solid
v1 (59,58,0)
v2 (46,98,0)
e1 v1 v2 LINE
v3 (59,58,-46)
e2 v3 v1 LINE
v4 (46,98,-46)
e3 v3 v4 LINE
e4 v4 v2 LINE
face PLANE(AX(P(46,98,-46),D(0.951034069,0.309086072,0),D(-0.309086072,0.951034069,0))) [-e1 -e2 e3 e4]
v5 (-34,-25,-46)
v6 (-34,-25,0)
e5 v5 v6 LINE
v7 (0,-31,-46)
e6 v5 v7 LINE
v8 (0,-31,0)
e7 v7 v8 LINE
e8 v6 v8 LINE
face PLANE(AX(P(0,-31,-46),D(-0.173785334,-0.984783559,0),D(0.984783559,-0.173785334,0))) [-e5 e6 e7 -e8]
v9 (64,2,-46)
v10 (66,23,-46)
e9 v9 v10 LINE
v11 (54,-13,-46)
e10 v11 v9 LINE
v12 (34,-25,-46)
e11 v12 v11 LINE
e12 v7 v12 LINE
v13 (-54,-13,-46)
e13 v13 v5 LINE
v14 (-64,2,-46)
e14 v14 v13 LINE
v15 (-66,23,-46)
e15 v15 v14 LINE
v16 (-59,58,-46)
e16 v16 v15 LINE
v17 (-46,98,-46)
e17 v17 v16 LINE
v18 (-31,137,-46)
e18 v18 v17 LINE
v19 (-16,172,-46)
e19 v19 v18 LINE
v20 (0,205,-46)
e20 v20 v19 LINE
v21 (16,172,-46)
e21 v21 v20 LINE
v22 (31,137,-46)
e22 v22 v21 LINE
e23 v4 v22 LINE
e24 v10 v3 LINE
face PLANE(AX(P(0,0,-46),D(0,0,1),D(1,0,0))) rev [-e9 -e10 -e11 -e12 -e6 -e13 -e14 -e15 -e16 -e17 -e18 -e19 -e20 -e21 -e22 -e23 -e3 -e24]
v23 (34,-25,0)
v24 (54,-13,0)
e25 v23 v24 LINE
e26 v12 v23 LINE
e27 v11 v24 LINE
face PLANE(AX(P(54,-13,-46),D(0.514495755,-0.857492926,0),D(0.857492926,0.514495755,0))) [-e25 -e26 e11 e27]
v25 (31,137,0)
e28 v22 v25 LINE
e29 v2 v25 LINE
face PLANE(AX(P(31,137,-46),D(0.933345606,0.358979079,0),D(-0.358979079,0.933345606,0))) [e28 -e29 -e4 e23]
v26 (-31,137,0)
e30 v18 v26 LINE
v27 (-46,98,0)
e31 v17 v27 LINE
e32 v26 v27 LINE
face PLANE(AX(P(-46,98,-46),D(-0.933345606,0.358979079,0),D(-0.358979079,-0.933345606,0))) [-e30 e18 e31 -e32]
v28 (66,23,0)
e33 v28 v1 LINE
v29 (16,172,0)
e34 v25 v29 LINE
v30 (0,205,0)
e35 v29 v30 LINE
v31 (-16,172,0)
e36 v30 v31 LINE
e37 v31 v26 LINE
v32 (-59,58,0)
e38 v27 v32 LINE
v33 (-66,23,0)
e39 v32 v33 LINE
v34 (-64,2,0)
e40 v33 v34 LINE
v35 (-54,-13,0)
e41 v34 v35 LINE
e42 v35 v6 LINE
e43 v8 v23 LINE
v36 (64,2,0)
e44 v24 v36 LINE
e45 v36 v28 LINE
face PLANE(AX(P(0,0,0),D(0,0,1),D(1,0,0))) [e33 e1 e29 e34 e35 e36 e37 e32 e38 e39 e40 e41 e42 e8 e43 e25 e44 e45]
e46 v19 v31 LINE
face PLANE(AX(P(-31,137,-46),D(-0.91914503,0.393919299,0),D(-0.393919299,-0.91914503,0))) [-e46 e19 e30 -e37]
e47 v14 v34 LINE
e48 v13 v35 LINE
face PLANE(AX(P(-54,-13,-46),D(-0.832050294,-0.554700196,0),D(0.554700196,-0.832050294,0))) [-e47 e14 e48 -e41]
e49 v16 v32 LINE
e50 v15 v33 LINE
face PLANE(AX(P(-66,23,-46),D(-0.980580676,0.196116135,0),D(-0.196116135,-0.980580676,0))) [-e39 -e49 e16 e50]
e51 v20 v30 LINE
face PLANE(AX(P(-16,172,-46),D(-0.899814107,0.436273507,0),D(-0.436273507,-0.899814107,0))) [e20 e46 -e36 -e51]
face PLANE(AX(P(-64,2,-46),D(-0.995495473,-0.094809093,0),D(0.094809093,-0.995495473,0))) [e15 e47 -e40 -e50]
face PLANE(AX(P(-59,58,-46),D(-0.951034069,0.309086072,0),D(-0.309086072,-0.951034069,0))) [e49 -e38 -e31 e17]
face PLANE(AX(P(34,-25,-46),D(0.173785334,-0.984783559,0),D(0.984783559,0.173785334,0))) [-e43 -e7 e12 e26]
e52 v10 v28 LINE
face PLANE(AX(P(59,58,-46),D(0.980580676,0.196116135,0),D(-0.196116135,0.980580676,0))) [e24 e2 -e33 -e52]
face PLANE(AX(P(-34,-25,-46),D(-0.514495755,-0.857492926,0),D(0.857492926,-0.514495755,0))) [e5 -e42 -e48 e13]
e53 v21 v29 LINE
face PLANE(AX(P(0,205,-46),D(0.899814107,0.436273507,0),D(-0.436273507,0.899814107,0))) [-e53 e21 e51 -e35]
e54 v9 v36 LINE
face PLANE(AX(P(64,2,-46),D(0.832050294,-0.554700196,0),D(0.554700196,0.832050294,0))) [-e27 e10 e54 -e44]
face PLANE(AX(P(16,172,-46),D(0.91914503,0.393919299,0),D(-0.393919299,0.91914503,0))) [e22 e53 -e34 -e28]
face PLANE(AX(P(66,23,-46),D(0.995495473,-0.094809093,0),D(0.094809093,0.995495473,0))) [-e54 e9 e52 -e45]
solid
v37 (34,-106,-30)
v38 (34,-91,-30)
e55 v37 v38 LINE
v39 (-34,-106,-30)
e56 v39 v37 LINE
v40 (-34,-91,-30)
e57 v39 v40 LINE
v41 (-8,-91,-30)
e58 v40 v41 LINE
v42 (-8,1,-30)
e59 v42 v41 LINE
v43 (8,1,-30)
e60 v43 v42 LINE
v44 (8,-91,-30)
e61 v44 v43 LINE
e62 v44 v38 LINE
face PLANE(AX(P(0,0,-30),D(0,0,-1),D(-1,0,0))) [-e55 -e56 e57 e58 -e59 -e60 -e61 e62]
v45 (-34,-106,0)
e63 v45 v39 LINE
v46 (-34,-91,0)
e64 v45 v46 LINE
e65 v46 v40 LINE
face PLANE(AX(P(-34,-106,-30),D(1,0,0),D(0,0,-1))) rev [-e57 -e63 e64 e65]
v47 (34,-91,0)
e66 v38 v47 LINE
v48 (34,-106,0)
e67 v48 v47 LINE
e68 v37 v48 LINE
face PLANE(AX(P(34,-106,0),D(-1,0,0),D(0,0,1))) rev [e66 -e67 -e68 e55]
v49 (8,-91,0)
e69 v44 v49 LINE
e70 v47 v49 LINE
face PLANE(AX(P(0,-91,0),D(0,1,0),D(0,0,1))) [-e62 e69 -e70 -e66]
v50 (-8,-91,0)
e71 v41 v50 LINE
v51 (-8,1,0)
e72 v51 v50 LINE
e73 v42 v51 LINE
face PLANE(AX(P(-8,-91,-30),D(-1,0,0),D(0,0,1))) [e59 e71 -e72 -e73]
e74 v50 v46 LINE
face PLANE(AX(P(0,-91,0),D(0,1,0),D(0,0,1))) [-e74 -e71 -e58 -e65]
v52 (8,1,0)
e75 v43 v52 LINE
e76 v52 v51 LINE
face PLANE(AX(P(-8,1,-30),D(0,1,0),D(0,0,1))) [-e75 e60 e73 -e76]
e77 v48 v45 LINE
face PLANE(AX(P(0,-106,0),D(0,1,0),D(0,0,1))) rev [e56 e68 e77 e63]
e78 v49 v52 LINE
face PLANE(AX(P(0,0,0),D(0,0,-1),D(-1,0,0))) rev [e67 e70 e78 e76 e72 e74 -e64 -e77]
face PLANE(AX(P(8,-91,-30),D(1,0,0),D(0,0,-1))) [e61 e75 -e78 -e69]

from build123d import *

# Parameters (mm, degrees)
SKETCH_2_W      = 16
SKETCH_2_H      = 92
EXTRUDE_2_DEPTH = 30
EXTRUDE_3_DEPTH = 46
SKETCH_4_W      = 68
SKETCH_4_H      = 30
EXTRUDE_4_DEPTH = 15


with BuildPart() as part:
    # 草图2 → 凸台-拉伸2 (new body)
    with BuildSketch(Plane.XY):
        with Locations((0, -45)):
            Rectangle(SKETCH_2_W, SKETCH_2_H)
    extrude(amount=-EXTRUDE_2_DEPTH)

    # 草图4 → 凸台-拉伸4 (add)
    with BuildSketch(Plane.XZ.offset(91)):
        with Locations((0, -15)):
            Rectangle(SKETCH_4_W, SKETCH_4_H)
    extrude(amount=EXTRUDE_4_DEPTH)


with BuildPart() as body_2:
    # 草图3 → 凸台-拉伸3 (new body)
    with BuildSketch(Plane.XY):
        Polygon((0, 205), (16, 172), (31, 137), (46, 98), (59, 58), (66, 23), (64, 2), (54, -13), (34, -25), (0, -31), (-34, -25), (-54, -13), (-64, 2), (-66, 23), (-59, 58), (-46, 98), (-31, 137), (-16, 172), align=None)
    extrude(amount=-EXTRUDE_3_DEPTH)


solid = Compound([part.part, body_2.part])
